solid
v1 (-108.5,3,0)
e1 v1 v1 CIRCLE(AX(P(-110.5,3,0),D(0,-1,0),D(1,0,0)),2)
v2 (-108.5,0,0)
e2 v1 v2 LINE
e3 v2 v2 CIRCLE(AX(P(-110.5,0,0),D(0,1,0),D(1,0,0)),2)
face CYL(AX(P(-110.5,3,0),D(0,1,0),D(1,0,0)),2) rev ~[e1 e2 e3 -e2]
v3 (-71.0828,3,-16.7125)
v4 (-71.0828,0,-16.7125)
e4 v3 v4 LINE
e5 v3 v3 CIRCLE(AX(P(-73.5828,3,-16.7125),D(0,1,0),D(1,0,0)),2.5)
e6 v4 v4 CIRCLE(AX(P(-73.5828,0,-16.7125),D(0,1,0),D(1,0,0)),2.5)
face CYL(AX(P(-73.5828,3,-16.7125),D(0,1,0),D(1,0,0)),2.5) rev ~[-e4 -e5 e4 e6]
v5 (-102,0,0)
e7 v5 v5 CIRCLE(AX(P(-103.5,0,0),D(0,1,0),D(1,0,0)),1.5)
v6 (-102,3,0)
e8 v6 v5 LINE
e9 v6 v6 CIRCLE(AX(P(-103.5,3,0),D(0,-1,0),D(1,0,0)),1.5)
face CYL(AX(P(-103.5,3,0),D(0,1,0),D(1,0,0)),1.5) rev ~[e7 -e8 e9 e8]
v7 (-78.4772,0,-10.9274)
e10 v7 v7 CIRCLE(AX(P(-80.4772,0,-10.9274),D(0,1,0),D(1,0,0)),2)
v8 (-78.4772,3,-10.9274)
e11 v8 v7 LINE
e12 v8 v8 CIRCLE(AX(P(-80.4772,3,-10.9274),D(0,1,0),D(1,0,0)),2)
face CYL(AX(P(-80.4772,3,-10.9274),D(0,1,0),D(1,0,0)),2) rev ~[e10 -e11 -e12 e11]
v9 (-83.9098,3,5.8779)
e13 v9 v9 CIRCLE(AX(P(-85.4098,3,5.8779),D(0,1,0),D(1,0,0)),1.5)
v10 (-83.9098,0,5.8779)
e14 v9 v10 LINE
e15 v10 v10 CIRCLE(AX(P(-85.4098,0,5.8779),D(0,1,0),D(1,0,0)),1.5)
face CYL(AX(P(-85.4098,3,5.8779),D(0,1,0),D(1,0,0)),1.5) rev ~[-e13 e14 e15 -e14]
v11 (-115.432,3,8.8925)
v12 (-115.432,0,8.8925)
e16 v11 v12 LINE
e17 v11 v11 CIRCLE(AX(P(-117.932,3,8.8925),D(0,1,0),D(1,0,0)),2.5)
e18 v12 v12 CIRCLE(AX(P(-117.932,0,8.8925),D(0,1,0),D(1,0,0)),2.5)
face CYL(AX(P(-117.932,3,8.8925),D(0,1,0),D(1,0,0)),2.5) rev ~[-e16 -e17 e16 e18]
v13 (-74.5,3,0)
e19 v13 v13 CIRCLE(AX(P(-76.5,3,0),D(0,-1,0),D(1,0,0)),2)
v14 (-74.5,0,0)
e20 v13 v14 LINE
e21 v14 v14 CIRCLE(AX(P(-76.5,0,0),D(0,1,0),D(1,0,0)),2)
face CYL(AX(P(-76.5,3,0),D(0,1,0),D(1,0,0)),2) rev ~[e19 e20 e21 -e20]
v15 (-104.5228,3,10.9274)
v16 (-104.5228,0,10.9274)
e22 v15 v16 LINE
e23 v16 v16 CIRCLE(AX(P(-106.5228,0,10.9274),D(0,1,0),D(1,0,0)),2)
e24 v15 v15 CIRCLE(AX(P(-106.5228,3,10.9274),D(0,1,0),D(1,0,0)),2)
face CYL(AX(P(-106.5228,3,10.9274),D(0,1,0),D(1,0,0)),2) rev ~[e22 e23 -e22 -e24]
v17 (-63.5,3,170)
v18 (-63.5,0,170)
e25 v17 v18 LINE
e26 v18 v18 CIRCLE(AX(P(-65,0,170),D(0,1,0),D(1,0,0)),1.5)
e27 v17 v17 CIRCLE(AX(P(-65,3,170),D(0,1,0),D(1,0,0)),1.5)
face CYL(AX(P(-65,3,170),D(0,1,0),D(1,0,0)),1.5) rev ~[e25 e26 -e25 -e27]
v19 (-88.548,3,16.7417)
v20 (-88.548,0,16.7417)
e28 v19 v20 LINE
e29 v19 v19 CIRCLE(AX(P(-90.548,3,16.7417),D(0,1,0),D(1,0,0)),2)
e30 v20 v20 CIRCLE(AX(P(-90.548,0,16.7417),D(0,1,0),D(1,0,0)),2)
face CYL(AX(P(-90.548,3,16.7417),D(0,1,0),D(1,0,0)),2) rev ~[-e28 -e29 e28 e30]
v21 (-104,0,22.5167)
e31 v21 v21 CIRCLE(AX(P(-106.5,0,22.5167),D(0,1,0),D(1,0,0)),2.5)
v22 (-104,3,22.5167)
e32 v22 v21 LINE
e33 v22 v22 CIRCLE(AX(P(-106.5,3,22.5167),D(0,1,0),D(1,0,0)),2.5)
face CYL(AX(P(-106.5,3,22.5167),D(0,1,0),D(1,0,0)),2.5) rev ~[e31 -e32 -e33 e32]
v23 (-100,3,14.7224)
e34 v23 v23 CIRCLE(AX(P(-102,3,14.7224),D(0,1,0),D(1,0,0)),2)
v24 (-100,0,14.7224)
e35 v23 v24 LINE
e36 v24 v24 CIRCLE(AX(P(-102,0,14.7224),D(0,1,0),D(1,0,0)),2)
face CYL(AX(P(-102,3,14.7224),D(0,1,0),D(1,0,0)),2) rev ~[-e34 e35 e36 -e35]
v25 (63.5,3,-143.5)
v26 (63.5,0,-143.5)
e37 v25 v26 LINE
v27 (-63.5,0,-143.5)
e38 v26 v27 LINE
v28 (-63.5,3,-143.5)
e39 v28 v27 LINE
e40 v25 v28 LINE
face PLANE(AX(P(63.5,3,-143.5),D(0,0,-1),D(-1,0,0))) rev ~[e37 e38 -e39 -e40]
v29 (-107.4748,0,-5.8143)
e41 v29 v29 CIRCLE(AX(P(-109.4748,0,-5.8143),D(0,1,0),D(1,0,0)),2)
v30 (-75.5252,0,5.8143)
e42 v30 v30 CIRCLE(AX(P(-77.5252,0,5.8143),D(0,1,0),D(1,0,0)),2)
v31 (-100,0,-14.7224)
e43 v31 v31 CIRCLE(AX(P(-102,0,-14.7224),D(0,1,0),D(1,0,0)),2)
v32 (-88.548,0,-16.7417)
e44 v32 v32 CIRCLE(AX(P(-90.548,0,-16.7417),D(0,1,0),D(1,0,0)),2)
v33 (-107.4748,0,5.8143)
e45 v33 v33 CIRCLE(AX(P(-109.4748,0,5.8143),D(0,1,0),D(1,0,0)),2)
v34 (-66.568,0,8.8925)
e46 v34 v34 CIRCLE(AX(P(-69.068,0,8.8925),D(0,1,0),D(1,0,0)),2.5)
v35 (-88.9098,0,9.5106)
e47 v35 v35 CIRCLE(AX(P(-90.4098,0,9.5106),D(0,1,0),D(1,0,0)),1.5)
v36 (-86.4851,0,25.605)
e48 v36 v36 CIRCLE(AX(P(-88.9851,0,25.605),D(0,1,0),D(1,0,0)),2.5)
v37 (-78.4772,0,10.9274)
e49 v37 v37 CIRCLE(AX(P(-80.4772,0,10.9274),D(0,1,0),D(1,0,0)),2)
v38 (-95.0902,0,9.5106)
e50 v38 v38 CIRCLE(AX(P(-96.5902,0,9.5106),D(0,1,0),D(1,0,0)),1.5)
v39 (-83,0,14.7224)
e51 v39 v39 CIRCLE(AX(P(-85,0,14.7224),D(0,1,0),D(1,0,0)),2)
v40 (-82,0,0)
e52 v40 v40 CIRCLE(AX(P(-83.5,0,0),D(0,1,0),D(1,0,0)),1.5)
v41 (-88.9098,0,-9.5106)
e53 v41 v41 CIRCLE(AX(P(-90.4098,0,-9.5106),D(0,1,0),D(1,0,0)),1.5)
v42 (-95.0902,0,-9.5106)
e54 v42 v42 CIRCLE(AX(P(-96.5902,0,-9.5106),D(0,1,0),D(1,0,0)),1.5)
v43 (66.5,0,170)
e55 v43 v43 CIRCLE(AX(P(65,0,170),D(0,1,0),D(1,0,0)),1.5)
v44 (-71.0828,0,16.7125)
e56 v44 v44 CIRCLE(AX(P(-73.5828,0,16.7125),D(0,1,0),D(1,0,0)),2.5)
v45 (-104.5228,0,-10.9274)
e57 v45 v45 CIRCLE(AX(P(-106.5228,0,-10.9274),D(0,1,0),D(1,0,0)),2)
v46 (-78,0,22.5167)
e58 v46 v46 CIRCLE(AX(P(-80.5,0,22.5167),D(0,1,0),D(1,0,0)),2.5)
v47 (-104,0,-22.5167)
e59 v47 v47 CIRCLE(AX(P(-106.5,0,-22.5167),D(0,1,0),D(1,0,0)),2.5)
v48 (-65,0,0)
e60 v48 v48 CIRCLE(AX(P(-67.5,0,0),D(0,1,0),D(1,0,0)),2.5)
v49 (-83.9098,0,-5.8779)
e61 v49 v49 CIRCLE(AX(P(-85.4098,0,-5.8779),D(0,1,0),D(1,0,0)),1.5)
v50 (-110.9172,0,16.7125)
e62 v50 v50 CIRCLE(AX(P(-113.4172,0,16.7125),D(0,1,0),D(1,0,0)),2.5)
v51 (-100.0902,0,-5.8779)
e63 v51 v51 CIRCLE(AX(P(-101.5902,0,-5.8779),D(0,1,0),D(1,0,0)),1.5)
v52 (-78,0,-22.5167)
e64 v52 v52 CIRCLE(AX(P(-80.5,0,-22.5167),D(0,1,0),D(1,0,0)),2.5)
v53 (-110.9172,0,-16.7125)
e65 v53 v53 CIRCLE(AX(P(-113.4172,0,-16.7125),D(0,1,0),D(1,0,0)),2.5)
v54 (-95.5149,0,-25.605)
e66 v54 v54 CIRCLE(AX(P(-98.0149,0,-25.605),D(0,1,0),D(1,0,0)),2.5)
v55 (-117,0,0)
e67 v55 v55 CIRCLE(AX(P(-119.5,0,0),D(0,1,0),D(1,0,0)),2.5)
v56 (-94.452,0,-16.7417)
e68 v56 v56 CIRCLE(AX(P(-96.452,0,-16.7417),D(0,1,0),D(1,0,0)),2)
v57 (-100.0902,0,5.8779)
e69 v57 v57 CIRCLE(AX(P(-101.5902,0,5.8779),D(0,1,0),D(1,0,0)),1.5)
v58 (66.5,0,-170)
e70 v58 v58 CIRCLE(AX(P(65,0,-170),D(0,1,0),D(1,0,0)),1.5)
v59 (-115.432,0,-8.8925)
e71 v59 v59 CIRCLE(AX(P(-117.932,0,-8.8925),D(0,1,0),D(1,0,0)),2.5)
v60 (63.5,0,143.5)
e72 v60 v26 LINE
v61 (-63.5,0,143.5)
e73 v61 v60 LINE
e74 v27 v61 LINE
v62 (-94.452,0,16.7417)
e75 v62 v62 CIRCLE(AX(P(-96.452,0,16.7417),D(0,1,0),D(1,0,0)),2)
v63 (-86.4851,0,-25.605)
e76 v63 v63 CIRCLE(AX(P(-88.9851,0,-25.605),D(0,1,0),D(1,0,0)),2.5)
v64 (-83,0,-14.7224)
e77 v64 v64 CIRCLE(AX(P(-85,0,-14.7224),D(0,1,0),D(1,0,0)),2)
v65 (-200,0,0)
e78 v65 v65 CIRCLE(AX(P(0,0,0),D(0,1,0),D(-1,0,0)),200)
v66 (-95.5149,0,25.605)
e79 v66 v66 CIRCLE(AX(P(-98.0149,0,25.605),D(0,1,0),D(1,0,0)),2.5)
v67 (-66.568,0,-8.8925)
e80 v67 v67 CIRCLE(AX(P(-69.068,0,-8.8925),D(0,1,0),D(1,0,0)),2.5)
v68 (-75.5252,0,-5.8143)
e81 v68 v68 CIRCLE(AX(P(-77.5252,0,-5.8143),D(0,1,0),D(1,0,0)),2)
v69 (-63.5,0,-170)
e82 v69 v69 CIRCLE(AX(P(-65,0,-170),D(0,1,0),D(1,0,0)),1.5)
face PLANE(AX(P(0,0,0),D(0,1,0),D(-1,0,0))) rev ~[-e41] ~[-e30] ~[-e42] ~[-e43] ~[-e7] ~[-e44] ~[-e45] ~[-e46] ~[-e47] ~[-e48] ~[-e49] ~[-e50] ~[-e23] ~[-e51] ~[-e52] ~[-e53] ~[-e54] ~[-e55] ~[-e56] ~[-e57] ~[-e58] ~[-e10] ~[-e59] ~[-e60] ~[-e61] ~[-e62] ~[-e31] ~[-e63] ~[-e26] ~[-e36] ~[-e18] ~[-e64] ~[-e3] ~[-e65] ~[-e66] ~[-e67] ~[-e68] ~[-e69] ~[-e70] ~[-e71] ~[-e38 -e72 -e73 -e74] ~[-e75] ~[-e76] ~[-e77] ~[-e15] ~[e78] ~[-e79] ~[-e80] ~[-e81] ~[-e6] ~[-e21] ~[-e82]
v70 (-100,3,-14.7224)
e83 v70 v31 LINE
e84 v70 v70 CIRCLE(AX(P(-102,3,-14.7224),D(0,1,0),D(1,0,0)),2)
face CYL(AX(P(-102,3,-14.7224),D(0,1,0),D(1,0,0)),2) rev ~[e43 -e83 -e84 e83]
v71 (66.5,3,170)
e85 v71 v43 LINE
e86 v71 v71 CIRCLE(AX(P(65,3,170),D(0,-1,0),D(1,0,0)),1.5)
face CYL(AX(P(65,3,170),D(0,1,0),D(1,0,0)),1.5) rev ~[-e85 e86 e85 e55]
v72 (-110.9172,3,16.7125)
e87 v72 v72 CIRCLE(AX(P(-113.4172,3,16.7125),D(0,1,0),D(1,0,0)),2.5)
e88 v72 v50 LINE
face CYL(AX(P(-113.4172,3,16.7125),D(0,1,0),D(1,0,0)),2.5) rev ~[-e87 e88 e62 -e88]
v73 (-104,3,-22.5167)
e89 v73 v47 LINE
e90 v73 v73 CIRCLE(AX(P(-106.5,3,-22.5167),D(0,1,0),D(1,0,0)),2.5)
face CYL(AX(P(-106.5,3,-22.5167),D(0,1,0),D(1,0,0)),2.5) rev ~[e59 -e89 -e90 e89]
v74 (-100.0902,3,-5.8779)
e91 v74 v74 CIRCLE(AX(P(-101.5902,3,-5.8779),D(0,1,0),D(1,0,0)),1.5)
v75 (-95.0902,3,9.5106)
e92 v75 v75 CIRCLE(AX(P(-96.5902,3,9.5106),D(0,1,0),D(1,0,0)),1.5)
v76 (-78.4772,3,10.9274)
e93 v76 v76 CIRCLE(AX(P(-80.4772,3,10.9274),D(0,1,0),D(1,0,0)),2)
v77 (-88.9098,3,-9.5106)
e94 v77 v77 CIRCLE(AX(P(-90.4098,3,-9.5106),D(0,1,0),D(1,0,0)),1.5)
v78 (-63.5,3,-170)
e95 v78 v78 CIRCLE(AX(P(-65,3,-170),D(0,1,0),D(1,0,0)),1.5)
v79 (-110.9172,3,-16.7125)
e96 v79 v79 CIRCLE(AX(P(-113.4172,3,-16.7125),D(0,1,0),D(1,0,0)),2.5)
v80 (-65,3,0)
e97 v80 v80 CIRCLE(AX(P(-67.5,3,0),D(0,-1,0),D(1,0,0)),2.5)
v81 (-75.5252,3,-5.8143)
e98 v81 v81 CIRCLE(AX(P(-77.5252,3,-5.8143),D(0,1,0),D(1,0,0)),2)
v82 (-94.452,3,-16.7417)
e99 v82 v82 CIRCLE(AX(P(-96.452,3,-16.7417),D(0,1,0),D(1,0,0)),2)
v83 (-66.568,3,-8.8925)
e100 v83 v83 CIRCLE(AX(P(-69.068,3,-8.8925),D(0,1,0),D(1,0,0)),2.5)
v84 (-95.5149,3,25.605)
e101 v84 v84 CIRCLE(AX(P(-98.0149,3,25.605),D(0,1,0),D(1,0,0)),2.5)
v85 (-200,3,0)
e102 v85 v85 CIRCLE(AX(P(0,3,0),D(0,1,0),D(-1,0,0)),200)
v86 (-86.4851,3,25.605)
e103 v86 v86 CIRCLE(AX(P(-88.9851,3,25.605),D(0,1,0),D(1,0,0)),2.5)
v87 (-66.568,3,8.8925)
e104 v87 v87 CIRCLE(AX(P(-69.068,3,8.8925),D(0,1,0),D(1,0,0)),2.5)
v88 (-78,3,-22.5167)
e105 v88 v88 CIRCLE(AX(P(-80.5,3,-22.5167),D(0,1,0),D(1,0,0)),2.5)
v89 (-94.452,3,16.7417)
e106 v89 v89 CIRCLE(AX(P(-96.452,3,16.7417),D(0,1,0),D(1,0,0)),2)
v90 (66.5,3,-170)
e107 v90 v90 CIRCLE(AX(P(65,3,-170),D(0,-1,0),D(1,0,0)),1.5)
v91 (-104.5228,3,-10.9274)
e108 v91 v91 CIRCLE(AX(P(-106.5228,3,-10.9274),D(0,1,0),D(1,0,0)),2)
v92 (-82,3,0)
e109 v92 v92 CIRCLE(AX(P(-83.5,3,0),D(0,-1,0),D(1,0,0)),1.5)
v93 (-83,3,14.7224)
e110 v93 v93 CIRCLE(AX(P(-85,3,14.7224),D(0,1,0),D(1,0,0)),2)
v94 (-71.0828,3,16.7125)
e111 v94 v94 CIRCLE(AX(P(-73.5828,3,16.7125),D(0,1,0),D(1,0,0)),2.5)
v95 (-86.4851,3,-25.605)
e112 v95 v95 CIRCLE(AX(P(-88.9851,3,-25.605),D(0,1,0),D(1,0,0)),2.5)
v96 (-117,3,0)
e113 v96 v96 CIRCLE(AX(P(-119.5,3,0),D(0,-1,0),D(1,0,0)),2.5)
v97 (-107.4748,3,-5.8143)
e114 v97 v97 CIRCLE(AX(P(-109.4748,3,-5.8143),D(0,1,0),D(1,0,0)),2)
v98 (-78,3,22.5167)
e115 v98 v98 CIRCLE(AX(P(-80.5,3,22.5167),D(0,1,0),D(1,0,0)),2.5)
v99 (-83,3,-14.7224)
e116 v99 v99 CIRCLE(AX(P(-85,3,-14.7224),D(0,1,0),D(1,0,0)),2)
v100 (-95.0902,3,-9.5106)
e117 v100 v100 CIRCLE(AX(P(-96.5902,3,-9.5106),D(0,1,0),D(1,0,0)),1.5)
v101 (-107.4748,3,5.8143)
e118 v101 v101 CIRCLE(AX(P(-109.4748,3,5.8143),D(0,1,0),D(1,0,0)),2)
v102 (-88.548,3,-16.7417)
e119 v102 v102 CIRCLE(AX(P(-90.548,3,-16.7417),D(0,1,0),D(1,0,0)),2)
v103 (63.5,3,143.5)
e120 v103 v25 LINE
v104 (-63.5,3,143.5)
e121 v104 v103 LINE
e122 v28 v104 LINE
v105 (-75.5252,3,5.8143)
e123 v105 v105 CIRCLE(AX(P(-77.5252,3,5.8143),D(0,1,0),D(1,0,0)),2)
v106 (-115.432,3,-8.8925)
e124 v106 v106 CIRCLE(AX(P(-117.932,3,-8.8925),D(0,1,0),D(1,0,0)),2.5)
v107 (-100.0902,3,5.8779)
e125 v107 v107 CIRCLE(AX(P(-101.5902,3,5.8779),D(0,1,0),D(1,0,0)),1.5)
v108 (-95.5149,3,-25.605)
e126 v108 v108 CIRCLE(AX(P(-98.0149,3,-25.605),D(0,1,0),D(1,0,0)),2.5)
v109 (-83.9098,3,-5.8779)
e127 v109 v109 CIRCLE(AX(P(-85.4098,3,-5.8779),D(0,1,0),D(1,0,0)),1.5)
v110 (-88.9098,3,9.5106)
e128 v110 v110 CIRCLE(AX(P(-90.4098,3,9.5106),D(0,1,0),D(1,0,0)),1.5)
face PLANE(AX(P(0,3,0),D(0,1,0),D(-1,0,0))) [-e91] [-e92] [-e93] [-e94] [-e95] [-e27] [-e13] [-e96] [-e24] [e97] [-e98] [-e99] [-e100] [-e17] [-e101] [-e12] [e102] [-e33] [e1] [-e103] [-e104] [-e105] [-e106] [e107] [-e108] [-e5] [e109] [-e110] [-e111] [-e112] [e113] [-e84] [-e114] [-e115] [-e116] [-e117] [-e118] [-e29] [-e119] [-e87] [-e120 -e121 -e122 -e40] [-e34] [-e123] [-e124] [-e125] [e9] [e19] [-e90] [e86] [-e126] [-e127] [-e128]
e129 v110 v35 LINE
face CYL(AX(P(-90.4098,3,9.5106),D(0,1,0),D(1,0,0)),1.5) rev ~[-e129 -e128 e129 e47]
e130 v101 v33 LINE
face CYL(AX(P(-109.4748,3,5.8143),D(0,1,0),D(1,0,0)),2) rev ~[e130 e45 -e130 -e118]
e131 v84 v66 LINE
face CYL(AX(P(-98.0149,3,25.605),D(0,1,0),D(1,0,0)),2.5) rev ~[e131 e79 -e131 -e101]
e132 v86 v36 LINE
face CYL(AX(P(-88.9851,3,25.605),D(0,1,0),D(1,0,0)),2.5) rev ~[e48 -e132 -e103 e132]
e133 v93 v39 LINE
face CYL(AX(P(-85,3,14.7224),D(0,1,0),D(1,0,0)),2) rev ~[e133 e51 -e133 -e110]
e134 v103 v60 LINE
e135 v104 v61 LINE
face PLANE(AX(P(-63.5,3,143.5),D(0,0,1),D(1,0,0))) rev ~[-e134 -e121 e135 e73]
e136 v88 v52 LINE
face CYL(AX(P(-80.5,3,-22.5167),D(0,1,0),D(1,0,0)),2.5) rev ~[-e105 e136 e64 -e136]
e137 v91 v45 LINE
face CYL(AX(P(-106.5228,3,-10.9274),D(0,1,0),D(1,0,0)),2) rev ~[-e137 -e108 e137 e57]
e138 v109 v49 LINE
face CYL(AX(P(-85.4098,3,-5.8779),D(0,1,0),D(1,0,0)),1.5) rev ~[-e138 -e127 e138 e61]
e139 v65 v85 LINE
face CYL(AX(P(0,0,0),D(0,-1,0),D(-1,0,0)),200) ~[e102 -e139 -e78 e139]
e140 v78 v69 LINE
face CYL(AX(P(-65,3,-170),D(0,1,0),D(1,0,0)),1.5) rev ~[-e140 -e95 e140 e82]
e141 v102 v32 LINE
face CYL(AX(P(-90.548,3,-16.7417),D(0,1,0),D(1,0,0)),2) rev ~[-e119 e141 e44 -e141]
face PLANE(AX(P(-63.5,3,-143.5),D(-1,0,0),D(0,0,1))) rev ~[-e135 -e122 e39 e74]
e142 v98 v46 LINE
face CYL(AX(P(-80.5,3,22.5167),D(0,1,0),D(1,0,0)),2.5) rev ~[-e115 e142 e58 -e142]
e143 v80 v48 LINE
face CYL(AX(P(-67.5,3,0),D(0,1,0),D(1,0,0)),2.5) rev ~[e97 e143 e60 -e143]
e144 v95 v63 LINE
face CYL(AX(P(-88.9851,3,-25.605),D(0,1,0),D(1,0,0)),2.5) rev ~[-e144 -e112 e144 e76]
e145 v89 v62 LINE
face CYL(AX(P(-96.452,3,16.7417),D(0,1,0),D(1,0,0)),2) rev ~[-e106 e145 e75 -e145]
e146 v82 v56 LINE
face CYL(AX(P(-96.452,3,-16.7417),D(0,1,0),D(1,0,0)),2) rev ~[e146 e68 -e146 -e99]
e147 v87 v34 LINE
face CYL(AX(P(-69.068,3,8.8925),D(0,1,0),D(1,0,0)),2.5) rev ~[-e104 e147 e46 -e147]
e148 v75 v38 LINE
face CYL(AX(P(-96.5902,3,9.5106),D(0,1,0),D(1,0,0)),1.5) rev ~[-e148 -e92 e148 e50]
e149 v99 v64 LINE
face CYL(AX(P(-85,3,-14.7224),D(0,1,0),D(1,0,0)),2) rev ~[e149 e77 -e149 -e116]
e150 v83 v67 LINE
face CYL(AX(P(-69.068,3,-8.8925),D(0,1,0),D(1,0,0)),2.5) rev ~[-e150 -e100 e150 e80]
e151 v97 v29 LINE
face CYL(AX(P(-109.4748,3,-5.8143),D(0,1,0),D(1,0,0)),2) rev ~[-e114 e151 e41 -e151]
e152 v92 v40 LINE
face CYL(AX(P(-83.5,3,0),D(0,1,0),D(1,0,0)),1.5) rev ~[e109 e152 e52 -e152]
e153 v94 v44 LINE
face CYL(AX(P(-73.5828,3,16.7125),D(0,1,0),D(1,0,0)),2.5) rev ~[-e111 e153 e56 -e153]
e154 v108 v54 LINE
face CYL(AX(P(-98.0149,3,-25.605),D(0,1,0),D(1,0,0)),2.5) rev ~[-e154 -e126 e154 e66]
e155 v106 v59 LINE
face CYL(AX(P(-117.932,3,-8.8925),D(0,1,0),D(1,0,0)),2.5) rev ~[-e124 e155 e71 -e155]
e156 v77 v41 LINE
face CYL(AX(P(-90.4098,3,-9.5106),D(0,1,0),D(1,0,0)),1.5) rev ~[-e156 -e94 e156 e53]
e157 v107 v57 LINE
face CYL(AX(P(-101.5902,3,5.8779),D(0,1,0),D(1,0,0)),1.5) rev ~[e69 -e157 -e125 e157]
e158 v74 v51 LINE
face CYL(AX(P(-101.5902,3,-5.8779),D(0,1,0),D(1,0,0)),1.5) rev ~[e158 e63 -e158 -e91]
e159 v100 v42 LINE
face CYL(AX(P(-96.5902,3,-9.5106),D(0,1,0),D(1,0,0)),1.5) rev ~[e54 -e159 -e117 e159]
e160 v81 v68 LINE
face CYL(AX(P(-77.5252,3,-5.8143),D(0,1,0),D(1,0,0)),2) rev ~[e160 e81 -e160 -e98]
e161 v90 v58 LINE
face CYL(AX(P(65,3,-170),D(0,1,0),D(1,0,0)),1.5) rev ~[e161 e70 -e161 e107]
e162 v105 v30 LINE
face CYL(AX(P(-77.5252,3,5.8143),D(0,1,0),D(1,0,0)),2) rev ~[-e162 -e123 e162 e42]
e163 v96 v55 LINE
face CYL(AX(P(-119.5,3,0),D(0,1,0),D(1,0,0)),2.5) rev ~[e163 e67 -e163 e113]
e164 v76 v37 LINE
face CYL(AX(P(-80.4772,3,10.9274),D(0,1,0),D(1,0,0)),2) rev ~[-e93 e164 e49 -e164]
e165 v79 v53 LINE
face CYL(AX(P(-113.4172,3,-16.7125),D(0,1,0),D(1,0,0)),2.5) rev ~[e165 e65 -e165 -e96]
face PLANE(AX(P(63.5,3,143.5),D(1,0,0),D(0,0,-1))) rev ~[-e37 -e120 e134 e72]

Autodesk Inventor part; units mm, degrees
ref_plane "YZ Plane" through (0, 0, 0) normal (1, 0, 0) x (0, 1, 0)
ref_plane "XZ Plane" through (0, 0, 0) normal (0, 1, 0) x (-1, 0, 0)
ref_plane "XY Plane" through (0, 0, 0) normal (0, 0, 1) x (1, 0, 0)
sketch "Sketch1" plane through (0, 0, 0) normal (0, 1, 0) x (-1, 0, 0)
  circle A0 centre (0, 0) radius 200
  dimension "d0" = 400
extrude "Extrusion7" add sketch "Sketch1" along normal blind 3
ref_plane "Work Plane1" through (0, 3, 0) normal (0, 1, 0) x (1, 0, 0)
sketch "Sketch2" plane through (0, 3, 0) normal (0, 1, 0) x (1, 0, 0)
  line L0 (-63.5, -143.5) -> (63.5, -143.5)
  line L1 (63.5, -143.5) -> (63.5, 143.5)
  line L2 (63.5, 143.5) -> (-63.5, 143.5)
  line L3 (-63.5, 143.5) -> (-63.5, -143.5)
  line L4 (-63.5, -143.5) -> (63.5, 143.5) construction
  line L5 (63.5, -143.5) -> (-63.5, 143.5) construction
  point P0 (0, 0)
  dimension "d3" = 127
  dimension "d4" = 287
extrude "Extrusion2" cut sketch "Sketch2" against normal blind 3
ref_plane "Work Plane4" through (0, 3, 0) normal (0, 1, 0) x (1, 0, 0)
sketch "Sketch3" plane through (0, 3, 0) normal (0, 1, 0) x (1, 0, 0)
  line L0 (-63.5, 143.5) -> (-63.5, -143.5) projected
  line L1 (-63.5, 0) -> (-123.5, 0)
  line L2 (-123.5, 0) -> (-93.5, 0)
  line L3 (-93.5, 0) -> (-119.5, 0)
  circle A0 centre (-119.5, 0) radius 2.5
  circle A1 centre (-117.932, -8.8925) radius 2.5
  circle A2 centre (-113.4172, -16.7125) radius 2.5
  circle A3 centre (-106.5, -22.5167) radius 2.5
  circle A4 centre (-98.0149, -25.605) radius 2.5
  circle A5 centre (-88.9851, -25.605) radius 2.5
  circle A6 centre (-80.5, -22.5167) radius 2.5
  circle A7 centre (-73.5828, -16.7125) radius 2.5
  circle A8 centre (-69.068, -8.8925) radius 2.5
  circle A9 centre (-67.5, 0) radius 2.5
  circle A10 centre (-69.068, 8.8925) radius 2.5
  circle A11 centre (-73.5828, 16.7125) radius 2.5
  circle A12 centre (-80.5, 22.5167) radius 2.5
  circle A13 centre (-88.9851, 25.605) radius 2.5
  circle A14 centre (-98.0149, 25.605) radius 2.5
  circle A15 centre (-106.5, 22.5167) radius 2.5
  circle A16 centre (-113.4172, 16.7125) radius 2.5
  circle A17 centre (-117.932, 8.8925) radius 2.5
  line L4 (-93.5, 0) -> (-110.5, 0)
  line L5 (-110.5, 0) -> (-92.5712, 0)
  line L6 (-93.5, 0) -> (-103.5, 0)
  circle A18 centre (-110.5, 0) radius 2
  circle A19 centre (-103.5, 0) radius 1.5
  circle A20 centre (-109.4748, -5.8143) radius 2
  circle A21 centre (-106.5228, -10.9274) radius 2
  circle A22 centre (-102, -14.7224) radius 2
  circle A23 centre (-96.452, -16.7417) radius 2
  circle A24 centre (-90.548, -16.7417) radius 2
  circle A25 centre (-85, -14.7224) radius 2
  circle A26 centre (-80.4772, -10.9274) radius 2
  circle A27 centre (-77.5252, -5.8143) radius 2
  circle A28 centre (-76.5, 0) radius 2
  circle A29 centre (-77.5252, 5.8143) radius 2
  circle A30 centre (-80.4772, 10.9274) radius 2
  circle A31 centre (-85, 14.7224) radius 2
  circle A32 centre (-90.548, 16.7417) radius 2
  circle A33 centre (-96.452, 16.7417) radius 2
  circle A34 centre (-102, 14.7224) radius 2
  circle A35 centre (-106.5228, 10.9274) radius 2
  circle A36 centre (-109.4748, 5.8143) radius 2
  circle A37 centre (-101.5902, -5.8779) radius 1.5
  circle A38 centre (-96.5902, -9.5106) radius 1.5
  circle A39 centre (-90.4098, -9.5106) radius 1.5
  circle A40 centre (-85.4098, -5.8779) radius 1.5
  circle A41 centre (-83.5, 0) radius 1.5
  circle A42 centre (-85.4098, 5.8779) radius 1.5
  circle A43 centre (-90.4098, 9.5106) radius 1.5
  circle A44 centre (-96.5902, 9.5106) radius 1.5
  circle A45 centre (-101.5902, 5.8779) radius 1.5
  point P0 (0, 0)
  dimension "d7" = 60
  dimension "d8" = 30
  dimension "d9" = 26
  dimension "d10" = 5
  dimension "d13" = 360
  dimension "d15" = 17
  dimension "d16" = 10
  dimension "d18" = 4
  dimension "d19" = 3
  dimension "d22" = 360
  dimension "d26" = 360
extrude "Extrusion3" cut sketch "Sketch3" against normal blind 10
ref_plane "Work Plane2" through (0, 3, 0) normal (0, 1, 0) x (1, 0, 0)
sketch "Sketch4" plane through (0, 3, 0) normal (0, 1, 0) x (1, 0, 0)
  line L0 (0, 0) -> (0, -170)
  line L1 (0, -170) -> (0, 170)
  line L2 (0, -170) -> (-40, -170)
  line L3 (-40, -170) -> (-65, -170)
  line L4 (-65, -170) -> (0, -170)
  line L5 (0, -170) -> (65, -170)
  line L6 (0, 170) -> (-65, 170)
  line L7 (-65, 170) -> (0, 170)
  line L8 (0, 170) -> (65, 170)
  circle A0 centre (65, 170) radius 1.5
  circle A1 centre (-65, 170) radius 1.5
  circle A2 centre (-65, -170) radius 1.5
  circle A3 centre (65, -170) radius 1.5
  dimension "d30" = 170
  dimension "d31" = 340
  dimension "d32" = 40
  dimension "d33" = 25
  dimension "d34" = 65
  dimension "d35" = 65
  dimension "d36" = 65
  dimension "d37" = 65
  dimension "d38" = 65
  dimension "d39" = 3
  dimension "d40" = 3
  dimension "d41" = 3
  dimension "d42" = 3
extrude "Extrusion4" cut sketch "Sketch4" against normal blind 10
ref_plane "Work Plane3" through (0, 3, 0) normal (0, 1, 0) x (1, 0, 0)
properties part number "topplate" material "Birch"
